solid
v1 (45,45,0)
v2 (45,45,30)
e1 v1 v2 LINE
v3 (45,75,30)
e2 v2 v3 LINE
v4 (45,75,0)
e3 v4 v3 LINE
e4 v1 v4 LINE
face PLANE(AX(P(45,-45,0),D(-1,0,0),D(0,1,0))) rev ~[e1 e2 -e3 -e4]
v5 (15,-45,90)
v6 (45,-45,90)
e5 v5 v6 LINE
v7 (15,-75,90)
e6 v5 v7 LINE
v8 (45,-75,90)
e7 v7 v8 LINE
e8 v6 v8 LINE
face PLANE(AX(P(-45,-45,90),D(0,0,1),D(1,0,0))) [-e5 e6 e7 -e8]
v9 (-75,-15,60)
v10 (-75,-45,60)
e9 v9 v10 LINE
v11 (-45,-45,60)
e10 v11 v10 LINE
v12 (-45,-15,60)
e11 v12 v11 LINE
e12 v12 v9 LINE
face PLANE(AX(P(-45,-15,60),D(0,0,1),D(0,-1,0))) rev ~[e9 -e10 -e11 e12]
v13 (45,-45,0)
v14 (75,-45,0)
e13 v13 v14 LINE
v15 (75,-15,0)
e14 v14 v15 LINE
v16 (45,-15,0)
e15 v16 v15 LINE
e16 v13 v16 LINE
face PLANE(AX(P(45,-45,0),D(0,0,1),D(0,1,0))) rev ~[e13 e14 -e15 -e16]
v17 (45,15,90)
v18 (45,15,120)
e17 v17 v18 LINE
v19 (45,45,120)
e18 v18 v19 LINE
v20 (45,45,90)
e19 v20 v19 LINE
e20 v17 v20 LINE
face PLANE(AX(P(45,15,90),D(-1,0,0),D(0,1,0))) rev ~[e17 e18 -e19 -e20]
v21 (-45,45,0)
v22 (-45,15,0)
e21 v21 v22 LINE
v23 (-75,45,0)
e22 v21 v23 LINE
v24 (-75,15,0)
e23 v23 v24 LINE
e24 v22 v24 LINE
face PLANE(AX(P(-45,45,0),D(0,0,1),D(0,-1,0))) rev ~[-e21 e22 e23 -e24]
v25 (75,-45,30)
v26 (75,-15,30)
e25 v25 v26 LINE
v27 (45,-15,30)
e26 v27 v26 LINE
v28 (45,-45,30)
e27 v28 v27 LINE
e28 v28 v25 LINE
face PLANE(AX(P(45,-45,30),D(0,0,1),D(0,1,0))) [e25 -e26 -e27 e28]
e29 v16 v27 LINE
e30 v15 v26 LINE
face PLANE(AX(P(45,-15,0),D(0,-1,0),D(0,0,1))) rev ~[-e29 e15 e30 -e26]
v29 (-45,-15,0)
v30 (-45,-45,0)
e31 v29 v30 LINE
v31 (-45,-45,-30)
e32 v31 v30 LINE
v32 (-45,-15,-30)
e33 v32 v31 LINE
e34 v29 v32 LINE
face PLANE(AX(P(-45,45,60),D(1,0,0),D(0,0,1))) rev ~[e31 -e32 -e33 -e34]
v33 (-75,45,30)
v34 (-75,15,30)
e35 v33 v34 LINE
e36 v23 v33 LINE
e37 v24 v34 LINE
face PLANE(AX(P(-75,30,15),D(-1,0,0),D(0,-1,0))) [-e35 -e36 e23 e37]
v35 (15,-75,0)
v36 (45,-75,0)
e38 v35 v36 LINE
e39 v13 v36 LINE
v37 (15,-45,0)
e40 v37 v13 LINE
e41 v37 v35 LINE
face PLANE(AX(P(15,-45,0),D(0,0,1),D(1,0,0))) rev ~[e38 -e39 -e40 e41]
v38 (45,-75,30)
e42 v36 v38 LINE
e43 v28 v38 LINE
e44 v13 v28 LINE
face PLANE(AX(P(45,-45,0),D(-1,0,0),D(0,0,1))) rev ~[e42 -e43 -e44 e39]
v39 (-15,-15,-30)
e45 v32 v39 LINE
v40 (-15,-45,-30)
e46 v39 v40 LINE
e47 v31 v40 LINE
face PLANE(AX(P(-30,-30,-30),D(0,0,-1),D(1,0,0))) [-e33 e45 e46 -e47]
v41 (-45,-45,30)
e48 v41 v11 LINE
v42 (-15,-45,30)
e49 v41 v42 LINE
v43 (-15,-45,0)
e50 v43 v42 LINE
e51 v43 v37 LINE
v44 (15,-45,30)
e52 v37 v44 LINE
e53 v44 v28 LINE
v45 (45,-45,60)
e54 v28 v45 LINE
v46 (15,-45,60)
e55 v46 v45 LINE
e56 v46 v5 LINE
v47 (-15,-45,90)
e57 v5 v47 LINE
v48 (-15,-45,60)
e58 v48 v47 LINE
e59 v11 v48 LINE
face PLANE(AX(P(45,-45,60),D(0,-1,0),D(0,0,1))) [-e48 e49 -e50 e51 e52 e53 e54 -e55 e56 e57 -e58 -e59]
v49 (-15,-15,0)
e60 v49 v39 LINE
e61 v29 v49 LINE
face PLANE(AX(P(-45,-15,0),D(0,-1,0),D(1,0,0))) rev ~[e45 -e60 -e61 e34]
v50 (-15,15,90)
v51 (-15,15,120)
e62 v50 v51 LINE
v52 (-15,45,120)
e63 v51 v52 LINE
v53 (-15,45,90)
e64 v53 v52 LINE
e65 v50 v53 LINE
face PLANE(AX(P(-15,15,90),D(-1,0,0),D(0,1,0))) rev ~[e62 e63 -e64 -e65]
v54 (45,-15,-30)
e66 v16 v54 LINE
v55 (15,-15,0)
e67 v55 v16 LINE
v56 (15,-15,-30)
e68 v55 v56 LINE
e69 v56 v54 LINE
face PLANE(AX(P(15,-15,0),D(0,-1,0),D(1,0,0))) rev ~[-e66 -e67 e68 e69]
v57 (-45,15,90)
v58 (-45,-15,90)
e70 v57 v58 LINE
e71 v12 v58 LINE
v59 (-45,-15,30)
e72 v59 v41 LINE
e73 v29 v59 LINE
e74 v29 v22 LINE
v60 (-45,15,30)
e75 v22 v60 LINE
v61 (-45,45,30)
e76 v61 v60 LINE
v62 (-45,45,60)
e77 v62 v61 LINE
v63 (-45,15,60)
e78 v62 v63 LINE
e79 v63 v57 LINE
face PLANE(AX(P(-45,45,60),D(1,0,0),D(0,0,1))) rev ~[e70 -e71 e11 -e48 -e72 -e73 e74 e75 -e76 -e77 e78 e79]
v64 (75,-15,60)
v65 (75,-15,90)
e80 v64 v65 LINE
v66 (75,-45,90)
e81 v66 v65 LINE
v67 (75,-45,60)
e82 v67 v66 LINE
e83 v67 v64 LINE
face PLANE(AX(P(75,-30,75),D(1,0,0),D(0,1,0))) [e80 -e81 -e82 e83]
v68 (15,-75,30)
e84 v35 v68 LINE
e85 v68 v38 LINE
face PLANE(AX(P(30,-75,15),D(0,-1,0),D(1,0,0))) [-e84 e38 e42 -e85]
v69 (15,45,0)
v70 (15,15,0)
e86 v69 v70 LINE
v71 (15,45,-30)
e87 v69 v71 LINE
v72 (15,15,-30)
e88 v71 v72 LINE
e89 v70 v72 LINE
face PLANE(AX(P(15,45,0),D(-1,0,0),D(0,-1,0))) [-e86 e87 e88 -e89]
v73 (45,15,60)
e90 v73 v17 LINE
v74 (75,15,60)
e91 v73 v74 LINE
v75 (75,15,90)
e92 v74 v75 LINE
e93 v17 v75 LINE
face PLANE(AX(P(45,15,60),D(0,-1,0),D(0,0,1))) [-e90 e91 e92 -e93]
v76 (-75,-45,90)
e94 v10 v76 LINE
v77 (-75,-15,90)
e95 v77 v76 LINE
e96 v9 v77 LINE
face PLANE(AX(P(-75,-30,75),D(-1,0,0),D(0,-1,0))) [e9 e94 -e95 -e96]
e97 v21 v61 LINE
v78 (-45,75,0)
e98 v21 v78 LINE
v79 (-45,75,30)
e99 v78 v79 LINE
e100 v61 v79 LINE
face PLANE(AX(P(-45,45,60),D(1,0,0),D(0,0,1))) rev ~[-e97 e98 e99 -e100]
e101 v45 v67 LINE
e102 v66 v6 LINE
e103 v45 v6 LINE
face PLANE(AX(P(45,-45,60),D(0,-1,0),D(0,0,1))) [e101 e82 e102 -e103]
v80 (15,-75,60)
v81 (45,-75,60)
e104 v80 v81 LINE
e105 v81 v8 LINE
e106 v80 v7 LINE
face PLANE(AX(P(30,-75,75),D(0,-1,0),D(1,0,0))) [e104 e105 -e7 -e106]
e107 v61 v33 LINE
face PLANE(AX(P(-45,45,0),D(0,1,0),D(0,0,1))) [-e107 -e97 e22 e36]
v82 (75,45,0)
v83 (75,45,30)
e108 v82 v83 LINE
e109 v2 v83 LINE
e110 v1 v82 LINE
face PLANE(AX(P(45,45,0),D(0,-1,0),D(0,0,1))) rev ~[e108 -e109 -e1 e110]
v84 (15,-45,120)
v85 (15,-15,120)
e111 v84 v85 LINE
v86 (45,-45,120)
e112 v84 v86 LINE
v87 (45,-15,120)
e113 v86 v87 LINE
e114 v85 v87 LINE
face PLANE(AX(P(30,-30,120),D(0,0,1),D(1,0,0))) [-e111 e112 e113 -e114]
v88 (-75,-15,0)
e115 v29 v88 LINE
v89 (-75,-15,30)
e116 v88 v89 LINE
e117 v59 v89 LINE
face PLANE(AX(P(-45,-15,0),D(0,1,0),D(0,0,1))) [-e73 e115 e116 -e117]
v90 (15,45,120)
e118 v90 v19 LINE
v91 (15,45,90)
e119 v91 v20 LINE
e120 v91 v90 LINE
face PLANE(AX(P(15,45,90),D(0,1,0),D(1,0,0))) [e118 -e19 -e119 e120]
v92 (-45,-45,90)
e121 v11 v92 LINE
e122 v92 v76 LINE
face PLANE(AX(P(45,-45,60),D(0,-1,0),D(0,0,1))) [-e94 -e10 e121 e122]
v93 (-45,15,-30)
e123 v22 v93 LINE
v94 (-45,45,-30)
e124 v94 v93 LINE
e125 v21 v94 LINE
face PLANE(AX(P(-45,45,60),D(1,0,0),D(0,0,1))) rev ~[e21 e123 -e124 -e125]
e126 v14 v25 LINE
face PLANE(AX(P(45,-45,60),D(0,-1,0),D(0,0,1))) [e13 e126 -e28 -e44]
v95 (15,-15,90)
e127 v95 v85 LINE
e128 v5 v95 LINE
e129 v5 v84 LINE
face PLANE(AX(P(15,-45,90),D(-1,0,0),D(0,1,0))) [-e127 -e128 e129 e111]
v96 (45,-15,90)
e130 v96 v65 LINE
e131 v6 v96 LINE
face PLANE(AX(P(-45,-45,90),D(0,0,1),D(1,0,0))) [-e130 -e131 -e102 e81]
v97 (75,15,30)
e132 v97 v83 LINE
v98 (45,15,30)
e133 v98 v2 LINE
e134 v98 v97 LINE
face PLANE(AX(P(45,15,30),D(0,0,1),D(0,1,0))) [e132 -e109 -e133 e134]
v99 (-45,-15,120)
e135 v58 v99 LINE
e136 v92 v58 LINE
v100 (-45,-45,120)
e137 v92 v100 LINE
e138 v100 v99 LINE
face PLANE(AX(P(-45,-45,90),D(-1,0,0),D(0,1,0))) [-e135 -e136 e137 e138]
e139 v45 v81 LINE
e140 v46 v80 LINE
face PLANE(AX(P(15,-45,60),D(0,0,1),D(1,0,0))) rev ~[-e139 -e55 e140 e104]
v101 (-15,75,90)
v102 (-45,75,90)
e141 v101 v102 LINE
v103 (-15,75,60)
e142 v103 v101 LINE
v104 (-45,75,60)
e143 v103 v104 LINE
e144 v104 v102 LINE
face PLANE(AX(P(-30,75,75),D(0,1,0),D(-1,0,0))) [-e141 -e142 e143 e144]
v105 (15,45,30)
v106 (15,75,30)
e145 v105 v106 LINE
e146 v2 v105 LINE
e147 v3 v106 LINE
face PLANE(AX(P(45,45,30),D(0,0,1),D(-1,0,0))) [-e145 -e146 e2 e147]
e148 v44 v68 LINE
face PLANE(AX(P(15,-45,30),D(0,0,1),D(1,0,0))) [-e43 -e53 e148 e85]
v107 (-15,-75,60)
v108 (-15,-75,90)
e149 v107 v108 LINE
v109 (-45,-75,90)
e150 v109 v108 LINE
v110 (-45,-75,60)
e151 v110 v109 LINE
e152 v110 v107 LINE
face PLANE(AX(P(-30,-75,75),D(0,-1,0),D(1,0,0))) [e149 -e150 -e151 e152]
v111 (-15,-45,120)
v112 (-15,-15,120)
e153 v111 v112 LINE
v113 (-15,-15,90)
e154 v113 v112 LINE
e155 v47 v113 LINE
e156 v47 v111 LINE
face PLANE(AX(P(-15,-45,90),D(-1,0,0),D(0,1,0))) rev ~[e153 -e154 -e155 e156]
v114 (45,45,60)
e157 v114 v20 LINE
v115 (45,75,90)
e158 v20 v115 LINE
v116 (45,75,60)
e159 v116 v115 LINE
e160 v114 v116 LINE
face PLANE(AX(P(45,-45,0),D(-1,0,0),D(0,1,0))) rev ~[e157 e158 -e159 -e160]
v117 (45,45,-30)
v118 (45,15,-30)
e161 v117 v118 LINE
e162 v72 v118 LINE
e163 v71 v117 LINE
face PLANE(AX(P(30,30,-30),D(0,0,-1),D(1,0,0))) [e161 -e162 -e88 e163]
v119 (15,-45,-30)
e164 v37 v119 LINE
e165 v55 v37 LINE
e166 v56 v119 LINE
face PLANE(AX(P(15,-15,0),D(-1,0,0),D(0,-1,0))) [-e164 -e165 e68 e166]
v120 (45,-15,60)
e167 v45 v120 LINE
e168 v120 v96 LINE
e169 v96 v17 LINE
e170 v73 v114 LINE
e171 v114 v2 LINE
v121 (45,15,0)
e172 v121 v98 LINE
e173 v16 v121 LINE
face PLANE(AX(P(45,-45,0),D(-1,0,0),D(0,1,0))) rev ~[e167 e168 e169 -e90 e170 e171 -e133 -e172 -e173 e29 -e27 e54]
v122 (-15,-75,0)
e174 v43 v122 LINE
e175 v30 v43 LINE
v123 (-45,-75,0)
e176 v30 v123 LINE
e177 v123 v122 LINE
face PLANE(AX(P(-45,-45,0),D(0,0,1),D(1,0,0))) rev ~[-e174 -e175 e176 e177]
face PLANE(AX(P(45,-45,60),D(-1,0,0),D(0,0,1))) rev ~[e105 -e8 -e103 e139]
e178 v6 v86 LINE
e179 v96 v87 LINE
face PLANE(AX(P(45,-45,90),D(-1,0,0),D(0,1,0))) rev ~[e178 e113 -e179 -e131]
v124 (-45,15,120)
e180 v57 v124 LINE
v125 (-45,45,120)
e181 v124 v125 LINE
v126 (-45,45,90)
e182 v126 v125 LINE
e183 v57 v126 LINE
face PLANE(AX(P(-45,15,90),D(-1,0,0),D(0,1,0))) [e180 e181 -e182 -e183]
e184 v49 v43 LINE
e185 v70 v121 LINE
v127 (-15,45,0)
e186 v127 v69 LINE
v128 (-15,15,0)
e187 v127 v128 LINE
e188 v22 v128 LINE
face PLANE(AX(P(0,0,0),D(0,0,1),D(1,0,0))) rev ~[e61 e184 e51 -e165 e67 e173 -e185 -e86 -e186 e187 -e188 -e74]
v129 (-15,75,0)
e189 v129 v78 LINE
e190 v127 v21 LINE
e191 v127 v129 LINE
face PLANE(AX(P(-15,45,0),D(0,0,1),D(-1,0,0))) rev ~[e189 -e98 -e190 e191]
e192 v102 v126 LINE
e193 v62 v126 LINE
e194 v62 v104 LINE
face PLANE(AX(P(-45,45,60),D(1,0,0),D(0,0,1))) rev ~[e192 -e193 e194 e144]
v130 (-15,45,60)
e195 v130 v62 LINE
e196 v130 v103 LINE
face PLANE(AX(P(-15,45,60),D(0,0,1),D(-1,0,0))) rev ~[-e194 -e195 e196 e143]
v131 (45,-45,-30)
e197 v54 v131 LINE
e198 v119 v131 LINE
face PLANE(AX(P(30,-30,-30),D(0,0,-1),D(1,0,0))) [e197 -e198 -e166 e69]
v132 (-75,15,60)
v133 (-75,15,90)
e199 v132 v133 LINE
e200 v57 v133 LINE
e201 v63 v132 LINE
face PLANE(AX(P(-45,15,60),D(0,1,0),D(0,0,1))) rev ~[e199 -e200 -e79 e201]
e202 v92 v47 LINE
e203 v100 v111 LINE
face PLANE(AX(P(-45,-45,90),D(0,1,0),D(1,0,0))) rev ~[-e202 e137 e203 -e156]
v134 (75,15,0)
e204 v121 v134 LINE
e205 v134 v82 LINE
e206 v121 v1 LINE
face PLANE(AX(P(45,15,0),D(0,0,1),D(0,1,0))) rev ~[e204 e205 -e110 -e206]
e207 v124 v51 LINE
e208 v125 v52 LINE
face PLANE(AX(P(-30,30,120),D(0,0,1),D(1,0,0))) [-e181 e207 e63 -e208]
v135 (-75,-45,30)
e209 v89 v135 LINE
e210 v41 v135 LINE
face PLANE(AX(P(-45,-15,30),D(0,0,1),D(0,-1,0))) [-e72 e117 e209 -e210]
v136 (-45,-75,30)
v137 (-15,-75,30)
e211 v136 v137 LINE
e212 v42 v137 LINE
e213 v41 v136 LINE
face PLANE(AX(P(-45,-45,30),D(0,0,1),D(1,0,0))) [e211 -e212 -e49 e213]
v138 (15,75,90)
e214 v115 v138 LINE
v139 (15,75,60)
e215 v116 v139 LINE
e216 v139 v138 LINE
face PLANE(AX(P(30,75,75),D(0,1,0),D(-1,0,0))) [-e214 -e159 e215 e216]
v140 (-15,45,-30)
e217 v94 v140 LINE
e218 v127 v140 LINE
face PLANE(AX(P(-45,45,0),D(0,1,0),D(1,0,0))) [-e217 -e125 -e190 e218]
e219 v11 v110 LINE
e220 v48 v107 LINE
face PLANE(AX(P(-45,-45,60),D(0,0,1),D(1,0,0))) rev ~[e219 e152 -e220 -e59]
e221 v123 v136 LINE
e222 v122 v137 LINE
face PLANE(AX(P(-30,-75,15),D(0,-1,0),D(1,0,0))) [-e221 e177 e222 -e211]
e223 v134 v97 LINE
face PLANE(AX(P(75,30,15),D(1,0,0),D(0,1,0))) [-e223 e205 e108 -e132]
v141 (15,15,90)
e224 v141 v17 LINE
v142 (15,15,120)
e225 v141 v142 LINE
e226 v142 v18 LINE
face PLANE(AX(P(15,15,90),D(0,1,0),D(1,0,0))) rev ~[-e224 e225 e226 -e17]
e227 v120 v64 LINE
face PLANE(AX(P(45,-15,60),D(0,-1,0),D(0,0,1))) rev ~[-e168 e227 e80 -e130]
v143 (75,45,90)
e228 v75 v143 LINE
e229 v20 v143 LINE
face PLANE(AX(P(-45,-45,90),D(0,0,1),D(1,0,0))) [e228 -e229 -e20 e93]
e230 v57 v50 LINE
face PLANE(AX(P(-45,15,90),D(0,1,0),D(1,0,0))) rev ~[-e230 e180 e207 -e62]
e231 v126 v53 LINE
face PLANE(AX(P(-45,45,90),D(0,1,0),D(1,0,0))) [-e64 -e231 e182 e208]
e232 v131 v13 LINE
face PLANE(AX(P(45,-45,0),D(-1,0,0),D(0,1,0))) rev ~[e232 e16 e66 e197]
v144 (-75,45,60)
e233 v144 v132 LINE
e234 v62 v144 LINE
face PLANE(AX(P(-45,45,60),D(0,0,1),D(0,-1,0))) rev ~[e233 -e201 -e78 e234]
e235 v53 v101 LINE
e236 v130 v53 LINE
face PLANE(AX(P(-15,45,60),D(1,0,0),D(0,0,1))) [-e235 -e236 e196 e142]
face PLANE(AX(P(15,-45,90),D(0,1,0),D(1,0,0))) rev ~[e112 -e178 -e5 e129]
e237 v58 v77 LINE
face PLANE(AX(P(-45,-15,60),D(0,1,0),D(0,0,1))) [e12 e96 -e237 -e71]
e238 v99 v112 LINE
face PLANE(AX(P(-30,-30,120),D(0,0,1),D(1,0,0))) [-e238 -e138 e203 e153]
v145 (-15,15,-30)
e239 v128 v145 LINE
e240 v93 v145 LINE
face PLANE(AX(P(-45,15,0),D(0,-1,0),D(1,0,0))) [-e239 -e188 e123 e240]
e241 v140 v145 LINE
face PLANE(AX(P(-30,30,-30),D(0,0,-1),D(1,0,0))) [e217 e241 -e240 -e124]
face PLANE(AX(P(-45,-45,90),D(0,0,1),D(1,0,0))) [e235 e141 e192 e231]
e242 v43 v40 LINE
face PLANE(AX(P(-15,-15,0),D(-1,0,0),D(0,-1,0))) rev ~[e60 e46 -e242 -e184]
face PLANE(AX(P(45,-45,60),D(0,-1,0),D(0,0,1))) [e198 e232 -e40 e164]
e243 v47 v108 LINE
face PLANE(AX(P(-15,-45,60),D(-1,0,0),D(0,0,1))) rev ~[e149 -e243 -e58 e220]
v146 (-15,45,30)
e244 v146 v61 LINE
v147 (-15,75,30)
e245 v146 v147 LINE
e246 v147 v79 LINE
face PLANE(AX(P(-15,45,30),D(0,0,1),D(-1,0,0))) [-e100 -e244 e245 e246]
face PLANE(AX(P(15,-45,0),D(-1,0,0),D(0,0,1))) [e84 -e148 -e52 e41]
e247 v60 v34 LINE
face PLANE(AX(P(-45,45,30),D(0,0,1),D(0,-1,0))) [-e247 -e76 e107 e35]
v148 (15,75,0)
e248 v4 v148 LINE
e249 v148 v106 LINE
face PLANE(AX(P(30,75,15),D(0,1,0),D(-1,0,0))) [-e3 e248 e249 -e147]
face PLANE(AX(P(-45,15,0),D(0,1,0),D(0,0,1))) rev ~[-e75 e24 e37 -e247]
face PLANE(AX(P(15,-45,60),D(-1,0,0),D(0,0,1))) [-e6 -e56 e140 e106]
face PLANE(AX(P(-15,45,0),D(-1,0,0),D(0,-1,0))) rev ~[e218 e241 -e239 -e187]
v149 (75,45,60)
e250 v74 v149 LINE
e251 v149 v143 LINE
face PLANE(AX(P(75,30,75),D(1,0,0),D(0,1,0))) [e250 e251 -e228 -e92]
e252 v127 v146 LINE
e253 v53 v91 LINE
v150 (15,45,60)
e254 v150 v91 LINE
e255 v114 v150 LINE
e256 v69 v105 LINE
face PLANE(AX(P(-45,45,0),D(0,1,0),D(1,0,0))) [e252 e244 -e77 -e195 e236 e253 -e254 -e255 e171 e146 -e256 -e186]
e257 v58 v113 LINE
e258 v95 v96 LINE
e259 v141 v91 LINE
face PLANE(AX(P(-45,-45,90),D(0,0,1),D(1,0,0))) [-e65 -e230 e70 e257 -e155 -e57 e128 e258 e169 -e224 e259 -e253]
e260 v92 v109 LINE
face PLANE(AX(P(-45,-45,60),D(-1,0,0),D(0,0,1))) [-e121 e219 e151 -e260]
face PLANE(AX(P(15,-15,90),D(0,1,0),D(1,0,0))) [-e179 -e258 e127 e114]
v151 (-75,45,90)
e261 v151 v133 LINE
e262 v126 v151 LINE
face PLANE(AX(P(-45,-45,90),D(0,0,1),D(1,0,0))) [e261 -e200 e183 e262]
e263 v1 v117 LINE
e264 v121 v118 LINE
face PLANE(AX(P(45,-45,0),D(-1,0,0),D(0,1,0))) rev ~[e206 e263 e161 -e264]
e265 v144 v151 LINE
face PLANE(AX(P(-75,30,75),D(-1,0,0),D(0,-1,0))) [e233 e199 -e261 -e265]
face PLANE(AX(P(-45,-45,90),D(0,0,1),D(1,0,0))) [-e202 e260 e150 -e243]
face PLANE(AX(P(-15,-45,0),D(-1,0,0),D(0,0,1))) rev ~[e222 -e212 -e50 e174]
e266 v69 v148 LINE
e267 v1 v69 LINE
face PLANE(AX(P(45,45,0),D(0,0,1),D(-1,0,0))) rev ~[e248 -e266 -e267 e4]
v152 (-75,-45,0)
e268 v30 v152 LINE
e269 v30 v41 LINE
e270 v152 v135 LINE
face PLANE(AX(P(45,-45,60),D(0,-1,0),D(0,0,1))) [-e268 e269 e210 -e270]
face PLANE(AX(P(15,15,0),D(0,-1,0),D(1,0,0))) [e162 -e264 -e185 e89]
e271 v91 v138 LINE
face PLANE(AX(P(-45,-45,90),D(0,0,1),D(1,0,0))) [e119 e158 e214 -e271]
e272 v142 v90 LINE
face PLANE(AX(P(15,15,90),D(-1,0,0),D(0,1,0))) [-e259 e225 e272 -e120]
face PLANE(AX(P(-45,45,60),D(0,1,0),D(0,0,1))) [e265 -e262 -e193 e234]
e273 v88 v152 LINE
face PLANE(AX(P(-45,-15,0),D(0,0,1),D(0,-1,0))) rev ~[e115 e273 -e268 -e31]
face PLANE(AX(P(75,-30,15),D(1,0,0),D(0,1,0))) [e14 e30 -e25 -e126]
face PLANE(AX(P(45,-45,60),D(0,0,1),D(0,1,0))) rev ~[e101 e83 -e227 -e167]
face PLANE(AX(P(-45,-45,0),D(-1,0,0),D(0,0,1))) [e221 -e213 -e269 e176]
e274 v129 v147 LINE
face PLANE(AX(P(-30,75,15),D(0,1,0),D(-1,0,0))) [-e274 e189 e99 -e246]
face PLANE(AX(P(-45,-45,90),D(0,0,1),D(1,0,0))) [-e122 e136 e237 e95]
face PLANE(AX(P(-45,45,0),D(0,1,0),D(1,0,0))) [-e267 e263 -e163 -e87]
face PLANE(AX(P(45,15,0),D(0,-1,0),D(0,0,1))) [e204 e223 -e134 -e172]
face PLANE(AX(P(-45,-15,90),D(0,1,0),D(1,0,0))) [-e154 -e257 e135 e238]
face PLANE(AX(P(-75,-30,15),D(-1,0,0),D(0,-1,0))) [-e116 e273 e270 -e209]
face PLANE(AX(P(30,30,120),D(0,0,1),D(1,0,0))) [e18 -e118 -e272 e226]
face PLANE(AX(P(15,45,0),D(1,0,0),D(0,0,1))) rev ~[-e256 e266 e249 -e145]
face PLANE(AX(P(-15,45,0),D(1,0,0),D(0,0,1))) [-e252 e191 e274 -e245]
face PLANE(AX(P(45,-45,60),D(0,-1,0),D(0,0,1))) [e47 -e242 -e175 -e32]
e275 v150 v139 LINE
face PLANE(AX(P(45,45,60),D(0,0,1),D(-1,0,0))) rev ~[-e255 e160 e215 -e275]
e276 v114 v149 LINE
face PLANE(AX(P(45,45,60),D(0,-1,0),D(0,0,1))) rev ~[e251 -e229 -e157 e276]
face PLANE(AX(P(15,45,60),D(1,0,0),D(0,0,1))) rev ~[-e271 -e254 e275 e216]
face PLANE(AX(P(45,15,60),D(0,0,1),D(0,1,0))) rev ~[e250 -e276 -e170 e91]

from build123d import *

# Parameters (mm, degrees)
F0_W      = 90
F0_H      = 90
F1_DEPTH  = 90
F2_W      = 30
F2_H      = 30
F3_DEPTH  = 30
F4_W      = 30
F4_H      = 30
F5_DEPTH  = 30
F6_W      = 30
F6_H      = 30
F7_DEPTH  = 30
F8_W      = 30
F8_H      = 30
F9_DEPTH  = 30
F10_W     = 30
F10_H     = 30
F11_DEPTH = 30
F12_W     = 30
F12_H     = 30
F13_DEPTH = 30


with BuildPart() as f1:
    # F0 (on Top) → F1 (new body)
    with BuildSketch(Plane.XY):
        Rectangle(F0_W, F0_H)
    extrude(amount=F1_DEPTH)

    # F2 (on face) → F3 (join)
    with BuildSketch(Plane(origin=(0, 0, 0), x_dir=(1, 0, 0), z_dir=(0, 0, -1))):
        with Locations((-30, 30)):
            Rectangle(F2_W, F2_H)
        with Locations((30, 30)):
            Rectangle(F2_W, F2_H)
        with Locations((-30, -30)):
            Rectangle(F2_W, F2_H)
        with Locations((30, -30)):
            Rectangle(F2_W, F2_H)
    extrude(amount=F3_DEPTH)

    # F4 (on face) → F5 (join)
    with BuildSketch(Plane(origin=(0, 45, 0), x_dir=(-1, 0, 0), z_dir=(0, 1, 0))):
        with Locations((30, 75)):
            Rectangle(F4_W, F4_H)
        with Locations((-30, 75)):
            Rectangle(F4_W, F4_H)
        with Locations((-30, 15)):
            Rectangle(F4_W, F4_H)
        with Locations((30, 15)):
            Rectangle(F4_W, F4_H)
    extrude(amount=F5_DEPTH)

    # F6 (on face) → F7 (join)
    with BuildSketch(Plane(origin=(-45, 0, 0), x_dir=(0, -1, 0), z_dir=(-1, 0, 0))):
        with Locations((-30, 75)):
            Rectangle(F6_W, F6_H)
        with Locations((-30, 15)):
            Rectangle(F6_W, F6_H)
        with Locations((30, 15)):
            Rectangle(F6_W, F6_H)
        with Locations((30, 75)):
            Rectangle(F6_W, F6_H)
    extrude(amount=F7_DEPTH)

    # F8 (on face) → F9 (join)
    with BuildSketch(Plane.YZ.offset(45)):
        with Locations((-30, 75)):
            Rectangle(F8_W, F8_H)
        with Locations((-30, 15)):
            Rectangle(F8_W, F8_H)
        with Locations((30, 15)):
            Rectangle(F8_W, F8_H)
        with Locations((30, 75)):
            Rectangle(F8_W, F8_H)
    extrude(amount=F9_DEPTH)

    # F10 (on face) → F11 (join)
    with BuildSketch(Plane.XZ.offset(45)):
        with Locations((-30, 75)):
            Rectangle(F10_W, F10_H)
        with Locations((-30, 15)):
            Rectangle(F10_W, F10_H)
        with Locations((30, 15)):
            Rectangle(F10_W, F10_H)
        with Locations((30, 75)):
            Rectangle(F10_W, F10_H)
    extrude(amount=F11_DEPTH)

    # F12 (on face) → F13 (join)
    with BuildSketch(Plane.XY.offset(90)):
        with Locations((-30, 30)):
            Rectangle(F12_W, F12_H)
        with Locations((-30, -30)):
            Rectangle(F12_W, F12_H)
        with Locations((30, -30)):
            Rectangle(F12_W, F12_H)
        with Locations((30, 30)):
            Rectangle(F12_W, F12_H)
    extrude(amount=F13_DEPTH)


solid = f1.part
